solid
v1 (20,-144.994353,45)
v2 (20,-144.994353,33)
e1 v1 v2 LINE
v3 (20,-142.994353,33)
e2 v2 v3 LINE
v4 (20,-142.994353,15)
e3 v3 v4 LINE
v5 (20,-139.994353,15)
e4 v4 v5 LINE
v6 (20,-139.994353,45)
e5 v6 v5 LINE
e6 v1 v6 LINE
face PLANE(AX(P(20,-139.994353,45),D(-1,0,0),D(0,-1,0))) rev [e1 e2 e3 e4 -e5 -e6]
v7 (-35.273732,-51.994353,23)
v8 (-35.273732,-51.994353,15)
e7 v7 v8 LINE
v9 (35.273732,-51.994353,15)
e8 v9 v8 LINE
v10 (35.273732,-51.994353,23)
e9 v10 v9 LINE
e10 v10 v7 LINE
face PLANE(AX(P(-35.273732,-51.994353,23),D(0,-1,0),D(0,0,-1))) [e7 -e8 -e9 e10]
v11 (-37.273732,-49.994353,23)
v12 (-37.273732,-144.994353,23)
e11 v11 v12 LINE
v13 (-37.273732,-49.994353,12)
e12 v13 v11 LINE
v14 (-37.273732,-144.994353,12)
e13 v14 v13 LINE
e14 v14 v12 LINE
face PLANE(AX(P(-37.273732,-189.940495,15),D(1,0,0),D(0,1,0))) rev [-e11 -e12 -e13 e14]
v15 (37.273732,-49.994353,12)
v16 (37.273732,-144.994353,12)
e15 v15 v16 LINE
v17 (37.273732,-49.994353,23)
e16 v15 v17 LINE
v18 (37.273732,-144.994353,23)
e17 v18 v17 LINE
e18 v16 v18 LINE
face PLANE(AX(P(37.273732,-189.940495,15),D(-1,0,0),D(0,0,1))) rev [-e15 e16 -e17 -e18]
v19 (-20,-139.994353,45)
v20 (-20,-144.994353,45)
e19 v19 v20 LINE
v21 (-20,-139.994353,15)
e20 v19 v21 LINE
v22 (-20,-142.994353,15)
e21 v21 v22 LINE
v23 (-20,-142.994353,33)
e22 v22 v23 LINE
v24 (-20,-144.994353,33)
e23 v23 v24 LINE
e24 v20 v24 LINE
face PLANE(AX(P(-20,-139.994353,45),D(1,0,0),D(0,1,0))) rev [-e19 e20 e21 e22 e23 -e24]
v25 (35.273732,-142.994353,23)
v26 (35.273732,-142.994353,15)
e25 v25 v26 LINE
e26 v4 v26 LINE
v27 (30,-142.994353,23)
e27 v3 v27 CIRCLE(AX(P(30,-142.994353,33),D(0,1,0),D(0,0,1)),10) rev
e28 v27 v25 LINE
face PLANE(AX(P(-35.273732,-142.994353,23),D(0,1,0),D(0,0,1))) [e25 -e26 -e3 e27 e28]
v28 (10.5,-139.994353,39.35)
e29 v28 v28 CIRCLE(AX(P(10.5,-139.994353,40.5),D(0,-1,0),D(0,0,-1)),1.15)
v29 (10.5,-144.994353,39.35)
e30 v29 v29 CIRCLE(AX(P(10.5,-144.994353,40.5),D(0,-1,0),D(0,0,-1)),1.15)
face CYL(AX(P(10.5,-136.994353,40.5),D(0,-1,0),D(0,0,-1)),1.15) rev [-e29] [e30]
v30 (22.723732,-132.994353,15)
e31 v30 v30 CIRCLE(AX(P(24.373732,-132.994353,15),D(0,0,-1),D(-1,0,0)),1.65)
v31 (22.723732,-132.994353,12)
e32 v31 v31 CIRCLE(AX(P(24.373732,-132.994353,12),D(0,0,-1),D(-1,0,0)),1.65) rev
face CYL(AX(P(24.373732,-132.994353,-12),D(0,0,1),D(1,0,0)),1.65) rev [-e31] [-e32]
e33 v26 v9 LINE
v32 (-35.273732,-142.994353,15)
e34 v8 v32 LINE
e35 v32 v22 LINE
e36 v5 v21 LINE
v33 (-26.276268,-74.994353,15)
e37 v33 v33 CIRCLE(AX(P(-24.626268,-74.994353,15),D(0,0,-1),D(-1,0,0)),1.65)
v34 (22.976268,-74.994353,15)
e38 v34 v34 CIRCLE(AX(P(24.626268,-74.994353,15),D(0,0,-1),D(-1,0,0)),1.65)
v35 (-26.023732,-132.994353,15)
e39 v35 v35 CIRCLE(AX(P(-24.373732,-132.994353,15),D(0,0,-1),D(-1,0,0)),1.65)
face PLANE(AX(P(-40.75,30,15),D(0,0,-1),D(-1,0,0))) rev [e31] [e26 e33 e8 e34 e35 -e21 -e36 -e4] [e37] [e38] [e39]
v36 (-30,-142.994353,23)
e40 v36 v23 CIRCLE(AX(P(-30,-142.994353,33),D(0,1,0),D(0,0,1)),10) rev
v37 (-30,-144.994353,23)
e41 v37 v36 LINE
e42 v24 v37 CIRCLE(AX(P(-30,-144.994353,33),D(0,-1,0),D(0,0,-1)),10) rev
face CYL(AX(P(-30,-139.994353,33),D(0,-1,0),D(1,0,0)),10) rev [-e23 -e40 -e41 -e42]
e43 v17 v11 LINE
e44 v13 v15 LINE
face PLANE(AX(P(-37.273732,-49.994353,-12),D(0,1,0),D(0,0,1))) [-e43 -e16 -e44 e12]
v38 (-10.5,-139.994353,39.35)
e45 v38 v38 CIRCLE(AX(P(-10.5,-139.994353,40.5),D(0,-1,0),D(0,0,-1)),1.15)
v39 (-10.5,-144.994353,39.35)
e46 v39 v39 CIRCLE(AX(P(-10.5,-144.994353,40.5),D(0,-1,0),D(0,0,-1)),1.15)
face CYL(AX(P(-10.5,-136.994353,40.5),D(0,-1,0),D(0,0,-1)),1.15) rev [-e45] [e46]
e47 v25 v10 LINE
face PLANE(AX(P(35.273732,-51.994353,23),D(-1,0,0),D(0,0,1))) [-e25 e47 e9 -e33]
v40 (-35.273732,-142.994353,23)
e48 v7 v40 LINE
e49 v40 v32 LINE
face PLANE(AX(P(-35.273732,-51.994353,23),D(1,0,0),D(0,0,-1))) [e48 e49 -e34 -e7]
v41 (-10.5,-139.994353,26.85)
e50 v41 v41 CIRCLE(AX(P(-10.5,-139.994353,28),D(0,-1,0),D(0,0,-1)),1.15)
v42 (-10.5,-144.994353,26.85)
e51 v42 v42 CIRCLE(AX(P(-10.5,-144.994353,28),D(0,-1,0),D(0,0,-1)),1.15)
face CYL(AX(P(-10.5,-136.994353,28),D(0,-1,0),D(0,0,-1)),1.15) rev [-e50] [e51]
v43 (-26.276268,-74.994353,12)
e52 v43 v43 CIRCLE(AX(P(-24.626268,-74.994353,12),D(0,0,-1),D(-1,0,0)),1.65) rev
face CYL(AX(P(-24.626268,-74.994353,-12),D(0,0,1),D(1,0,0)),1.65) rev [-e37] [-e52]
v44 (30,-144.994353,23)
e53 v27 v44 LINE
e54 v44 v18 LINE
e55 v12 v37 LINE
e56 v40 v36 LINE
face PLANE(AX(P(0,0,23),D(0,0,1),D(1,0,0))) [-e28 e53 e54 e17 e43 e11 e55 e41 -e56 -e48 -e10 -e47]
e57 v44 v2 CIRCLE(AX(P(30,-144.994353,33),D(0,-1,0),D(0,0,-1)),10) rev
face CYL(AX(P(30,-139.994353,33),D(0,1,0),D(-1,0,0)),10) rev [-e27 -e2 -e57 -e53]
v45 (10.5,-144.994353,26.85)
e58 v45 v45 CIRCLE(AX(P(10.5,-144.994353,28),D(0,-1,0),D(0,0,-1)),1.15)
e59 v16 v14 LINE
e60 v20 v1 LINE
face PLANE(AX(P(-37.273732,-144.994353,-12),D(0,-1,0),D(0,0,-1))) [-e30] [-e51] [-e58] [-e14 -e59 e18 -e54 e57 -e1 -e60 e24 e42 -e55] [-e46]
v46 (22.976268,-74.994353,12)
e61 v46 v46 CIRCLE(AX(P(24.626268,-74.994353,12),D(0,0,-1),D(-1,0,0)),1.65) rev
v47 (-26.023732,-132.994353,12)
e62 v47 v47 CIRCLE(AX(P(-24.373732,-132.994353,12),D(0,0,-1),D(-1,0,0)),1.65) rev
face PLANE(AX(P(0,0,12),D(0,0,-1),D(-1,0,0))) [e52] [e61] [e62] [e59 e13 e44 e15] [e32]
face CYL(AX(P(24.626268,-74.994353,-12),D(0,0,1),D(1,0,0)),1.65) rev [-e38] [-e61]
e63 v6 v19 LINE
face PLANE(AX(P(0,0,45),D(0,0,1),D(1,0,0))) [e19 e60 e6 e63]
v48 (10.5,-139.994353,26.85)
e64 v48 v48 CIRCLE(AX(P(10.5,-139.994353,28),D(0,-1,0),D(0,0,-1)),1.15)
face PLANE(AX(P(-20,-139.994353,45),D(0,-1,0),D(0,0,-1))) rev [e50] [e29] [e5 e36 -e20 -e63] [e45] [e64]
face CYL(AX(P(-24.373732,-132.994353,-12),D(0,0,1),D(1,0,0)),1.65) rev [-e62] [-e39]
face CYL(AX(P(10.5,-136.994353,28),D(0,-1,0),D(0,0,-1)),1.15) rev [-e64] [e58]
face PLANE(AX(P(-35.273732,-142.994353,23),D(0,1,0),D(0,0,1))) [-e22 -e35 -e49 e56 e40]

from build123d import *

# Parameters (mm, degrees)
CROQUIS1_W                  = 30
CROQUIS1_H                  = 30
SALIENTE_EXTRUIR1_DEPTH     = 15
CROQUIS6_R                  = 11.175
CORTAR_EXTRUIR1_DEPTH       = 10
CROQUIS11_W                 = 17.25
CROQUIS11_H                 = 40
SALIENTE_EXTRUIR3_DEPTH     = 12
CORTAR_EXTRUIR2_DEPTH       = 220.794464504
CORTAR_EXTRUIR2_DEPTH_BACK  = 220.794464504
CROQUIS9_R                  = 5
CROQUIS14_W                 = 64.5
CROQUIS14_H                 = 82
SALIENTE_EXTRUIR4_DEPTH     = 40
CORTAR_EXTRUIR3_START       = -10
CROQUIS10_R                 = 11.175
CORTAR_EXTRUIR3_DEPTH       = 10
CORTAR_EXTRUIR5_DEPTH       = 230.716361252
CORTAR_EXTRUIR5_DEPTH_BACK  = 10
CROQUIS13_R                 = 11.175
CORTAR_EXTRUIR6_DEPTH       = 183.220714139
CROQUIS16_W                 = 64.5
CROQUIS16_H                 = 82
CROQUIS16_W_2               = 56
CROQUIS16_H_2               = 77
SALIENTE_EXTRUIR5_DEPTH     = 5
CROQUIS17_W                 = 30
CROQUIS17_H                 = 30
CORTAR_EXTRUIR7_DEPTH       = 218.102899858
CROQUIS19_W                 = 18
CROQUIS19_H                 = 4.5
SALIENTE_EXTRUIR6_DEPTH     = 60
CROQUIS22_W                 = 12
CROQUIS22_H                 = 15
CORTAR_EXTRUIR8_DEPTH       = 2
CROQUIS23_W                 = 3.8
CROQUIS23_H                 = 47
SALIENTE_EXTRUIR8_DEPTH     = 19.8
CROQUIS24_R                 = 8.35
CROQUIS24_R_2               = 1
CROQUIS24_W                 = 4.8
CROQUIS24_H                 = 12
CORTAR_EXTRUIR10_DEPTH      = 241.553879883
CROQUIS25_W                 = 3.8
CROQUIS25_H                 = 47
SALIENTE_EXTRUIR9_DEPTH     = 2
REDONDEO2_R                 = 3
CROQUIS26_W                 = 47
CROQUIS26_H                 = 3.8
SALIENTE_EXTRUIR10_DEPTH    = 21.8
REDONDEO3_R                 = 3
CROQUIS28_R                 = 8.35
CROQUIS28_R_2               = 1
CROQUIS28_W                 = 12
CROQUIS28_H                 = 4.8
CORTAR_EXTRUIR11_DEPTH      = 21.8
CORTAR_EXTRUIR12_DEPTH      = 231.964513782
CORTAR_EXTRUIR12_DEPTH_BACK = 231.964513782
CORTAR_EXTRUIR13_DEPTH      = 218.102899858
CORTAR_EXTRUIR13_DEPTH_BACK = 218.102899858
CROQUIS29_R                 = 1.65
CORTAR_EXTRUIR14_DEPTH      = 221.700405815
CORTAR_EXTRUIR14_DEPTH_BACK = 8
CROQUIS32_R                 = 5.15
CROQUIS34_W                 = 22.273731586
CROQUIS34_H                 = 49.346142378
SALIENTE_EXTRUIR11_DEPTH    = 12
CORTAR_EXTRUIR17_DEPTH      = 233.924926242
CORTAR_EXTRUIR17_DEPTH_BACK = 233.924926242
CORTAR_EXTRUIR18_DEPTH      = 233.924926242
CORTAR_EXTRUIR18_DEPTH_BACK = 233.924926242
CORTAR_EXTRUIR19_DEPTH      = 225.26027095
CORTAR_EXTRUIR19_DEPTH_BACK = 225.26027095
CROQUIS38_R                 = 1.3
CORTAR_EXTRUIR20_START      = -8.5
CROQUIS39_W                 = 74.547463172
CROQUIS39_H                 = 11
CORTAR_EXTRUIR20_DEPTH      = 8.5
CROQUIS40_W                 = 17
CROQUIS40_H                 = 22
SALIENTE_EXTRUIR12_DEPTH    = 15
CROQUIS41_R                 = 1.3
CORTAR_EXTRUIR25_DEPTH      = 15
CROQUIS42_W                 = 12.6
CROQUIS42_H                 = 7
CORTAR_EXTRUIR26_DEPTH      = 7.1
CROQUIS43_W                 = 12.6
CROQUIS43_H                 = 10
CORTAR_EXTRUIR27_DEPTH      = 12.1
CORTAR_EXTRUIR28_DEPTH      = 218.102899858
CORTAR_EXTRUIR28_DEPTH_BACK = 218.102899858
CROQUIS44_W                 = 157.170171999
CROQUIS44_H                 = 272.215906008
CROQUIS44_W_2               = 74.547463172
CROQUIS44_H_2               = 95
CORTAR_EXTRUIR29_DEPTH      = 151.45827812
CORTAR_EXTRUIR29_DEPTH_BACK = 12
CROQUIS45_W                 = 74.547463172
CROQUIS45_H                 = 95
CROQUIS46_W                 = 40
CROQUIS46_H                 = 5
SALIENTE_EXTRUIR13_DEPTH    = 30
CROQUIS47_W                 = 74.547463172
CROQUIS47_H                 = 95
CROQUIS47_W_2               = 70.547463172
CROQUIS47_H_2               = 91
SALIENTE_EXTRUIR14_DEPTH    = 8
REDONDEO4_R                 = 10
CROQUIS49_R                 = 1.15
CORTAR_EXTRUIR30_DEPTH      = 8


with BuildPart() as part:
    # Croquis1 → Saliente-Extruir1 (new body)
    with BuildSketch(Plane.XY):
        with BuildLine():
            Line((-55.75, 30), (-32.25, 30))
            Line((-32.25, 30), (-32.25, -30))
            Line((-32.25, -30), (-55, -34.220247666))
            Line((-55, -34.220247666), (-55, -125.720247666))
            Line((-55, -125.720247666), (-37.273731586, -140.594352954))
            Line((-37.273731586, -140.594352954), (-37.273731586, -189.940495332))
            Line((-37.273731586, -189.940495332), (-55.75, -189.940495332))
            ThreePointArc((-55.75, -189.940495332), (-51.356645257, -200.54705351), (-40.750123148, -204.940495332))
            Line((-40.750123148, -204.940495332), (0, -204.940495332))
            Line((0, -204.940495332), (40.75, -204.940495332))
            ThreePointArc((40.75, -204.940495332), (51.356601718, -200.547097049), (55.75, -189.940495332))
            Line((55.75, -189.940495332), (37.273731586, -189.940495332))
            Line((37.273731586, -189.940495332), (37.273731586, -140.594352954))
            Line((37.273731586, -140.594352954), (55, -125.720247666))
            Line((55, -125.720247666), (55, -34.220247666))
            Line((55, -34.220247666), (32.25, -30))
            Line((32.25, -30), (32.25, 30))
            Line((32.25, 30), (55.75, 30))
            ThreePointArc((55.75, 30), (51.356601718, 40.606601718), (40.75, 45))
            Line((40.75, 45), (0, 45))
            Line((0, 45), (-40.750123148, 45))
            ThreePointArc((-40.750123148, 45), (-51.356645257, 40.606558178), (-55.75, 30))
        make_face()
        Rectangle(CROQUIS1_W, CROQUIS1_H, mode=Mode.SUBTRACT)
    extrude(amount=SALIENTE_EXTRUIR1_DEPTH)

    # Croquis6 → Cortar-Extruir1 (cut)
    with BuildSketch(Plane.ZY.offset(32.25)):
        with Locations((3, 0)):
            Circle(CROQUIS6_R)
    extrude(amount=-CORTAR_EXTRUIR1_DEPTH, mode=Mode.SUBTRACT)

    # Croquis11 → Saliente-Extruir3 (add)
    with BuildSketch(Plane(origin=(0, 0, 0), x_dir=(-1, 0, 0), z_dir=(0, 0, -1))):
        with Locations((23.625, 0)):
            Rectangle(CROQUIS11_W, CROQUIS11_H)
        with Locations((-23.625, 0)):
            Rectangle(CROQUIS11_W, CROQUIS11_H)
    extrude(amount=SALIENTE_EXTRUIR3_DEPTH)

    # Croquis9 → Cortar-Extruir2 (cut, two sides: drawn at the far end of the back side and taken through both)
    with BuildSketch(Plane.ZY.offset(22.25).offset(-CORTAR_EXTRUIR2_DEPTH_BACK)):
        with Locations(Location((3, 0, 0), (0, 0, 233.130102354))):
            Circle(CROQUIS9_R)
    extrude(amount=CORTAR_EXTRUIR2_DEPTH + CORTAR_EXTRUIR2_DEPTH_BACK, mode=Mode.SUBTRACT)

    # Croquis14 → Saliente-Extruir4 (add)
    with BuildSketch(Plane.XY.offset(15)):
        with Locations((0, 0.593167368)):
            Rectangle(CROQUIS14_W, CROQUIS14_H)
    extrude(amount=SALIENTE_EXTRUIR4_DEPTH)

    # Croquis10 → Cortar-Extruir3 (cut)
    with BuildSketch(Plane(origin=(32.25, 0, 0), x_dir=(0, 0, -1), z_dir=(1, 0, 0)).offset(CORTAR_EXTRUIR3_START)):
        with Locations((-3, 0)):
            Circle(CROQUIS10_R)
    extrude(amount=CORTAR_EXTRUIR3_DEPTH, mode=Mode.SUBTRACT)

    # Croquis13 → Cortar-Extruir5 (cut, two sides: drawn at the far end of the back side and taken through both)
    with BuildSketch(Plane.ZY.offset(32.25).offset(-CORTAR_EXTRUIR5_DEPTH_BACK)):
        with Locations((3, 0)):
            Circle(CROQUIS13_R)
    extrude(amount=CORTAR_EXTRUIR5_DEPTH + CORTAR_EXTRUIR5_DEPTH_BACK, mode=Mode.SUBTRACT)

    # Croquis15 → Cortar-Extruir6 (cut, through all)
    with BuildSketch(Plane.XZ.offset(40.406832632)):
        with BuildLine():
            Line((-22.25, 15), (-22.25, 35))
            ThreePointArc((-22.25, 35), (-19.321067812, 42.071067812), (-12.25, 45))
            Line((-12.25, 45), (12.25, 45))
            ThreePointArc((12.25, 45), (19.321067812, 42.071067812), (22.25, 35))
            Line((22.25, 35), (22.25, 15))
            Line((22.25, 15), (-22.25, 15))
        make_face()
    extrude(amount=-CORTAR_EXTRUIR6_DEPTH, mode=Mode.SUBTRACT)

    # Croquis16 → Saliente-Extruir5 (add)
    with BuildSketch(Plane.XY.offset(55)):
        with Locations((0, 0.593167368)):
            Rectangle(CROQUIS16_W, CROQUIS16_H)
        Rectangle(CROQUIS16_W_2, CROQUIS16_H_2, mode=Mode.SUBTRACT)
    extrude(amount=SALIENTE_EXTRUIR5_DEPTH)

    # Croquis17 → Cortar-Extruir7 (cut, through all)
    with BuildSketch(Plane.XY.offset(15)):
        with Locations((0, 30)):
            Rectangle(CROQUIS17_W, CROQUIS17_H)
    extrude(amount=-CORTAR_EXTRUIR7_DEPTH, mode=Mode.SUBTRACT)

    # Croquis19 → Saliente-Extruir6 (add)
    with BuildSketch(Plane(origin=(0, -15, 0), x_dir=(1, 0, 0), z_dir=(0, 1, 0))):
        with Locations((6, -12.75)):
            Rectangle(CROQUIS19_W, CROQUIS19_H)
    extrude(amount=SALIENTE_EXTRUIR6_DEPTH)

    # Croquis22 → Cortar-Extruir8 (cut)
    with BuildSketch(Plane(origin=(0, -15, 0), x_dir=(1, 0, 0), z_dir=(0, 1, 0))):
        with Locations((-9, -7.5)):
            Rectangle(CROQUIS22_W, CROQUIS22_H)
    extrude(amount=-CORTAR_EXTRUIR8_DEPTH, mode=Mode.SUBTRACT)

    # Croquis23 → Saliente-Extruir8 (add)
    with BuildSketch(Plane.XY.offset(15)):
        with Locations((53.1, -79.970247666)):
            Rectangle(CROQUIS23_W, CROQUIS23_H)
        with Locations((-53.1, -79.970247666)):
            Rectangle(CROQUIS23_W, CROQUIS23_H)
    extrude(amount=SALIENTE_EXTRUIR8_DEPTH)

    # Croquis24 → Cortar-Extruir10 (cut, through all)
    with BuildSketch(Plane(origin=(55, 0, 0), x_dir=(0, 0, -1), z_dir=(1, 0, 0))):
        with Locations((-25.3, -66.970247666)):
            Circle(CROQUIS24_R)
        with Locations((-25.3, -92.970247666)):
            Circle(CROQUIS24_R)
        with Locations((-16.3, -101.270247666)):
            Circle(CROQUIS24_R_2)
        with Locations((-33.7, -58.370247666)):
            Circle(CROQUIS24_R_2)
        with Locations((-16.1, -58.370247666)):
            Circle(CROQUIS24_R_2)
        with Locations((-33.5, -101.270247666)):
            Circle(CROQUIS24_R_2)
        with Locations((-17.7, -79.970247666)):
            Rectangle(CROQUIS24_W, CROQUIS24_H)
    extrude(amount=-CORTAR_EXTRUIR10_DEPTH, mode=Mode.SUBTRACT)

    # Croquis25 → Saliente-Extruir9 (add)
    with BuildSketch(Plane.XY.offset(34.8)):
        with Locations((-53.1, -79.970247666)):
            Rectangle(CROQUIS25_W, CROQUIS25_H)
        with Locations((53.1, -79.970247666)):
            Rectangle(CROQUIS25_W, CROQUIS25_H)
    extrude(amount=SALIENTE_EXTRUIR9_DEPTH)

    # Redondeo2
    redondeo2_edges = [part.edges().sort_by_distance(p)[0] for p in [
        (-53.1, -103.470247666, 36.8),
        (-53.1, -56.470247666, 36.8),
        (53.1, -103.470247666, 36.8),
        (53.1, -56.470247666, 36.8),
    ]]
    fillet(redondeo2_edges, radius=REDONDEO2_R)

    # Croquis26 → Saliente-Extruir10 (add)
    with BuildSketch(Plane.XY.offset(15)):
        with Locations((-6.1574e-05, -203.040495332)):
            Rectangle(CROQUIS26_W, CROQUIS26_H)
    extrude(amount=SALIENTE_EXTRUIR10_DEPTH)

    # Redondeo3
    redondeo3_edges = [part.edges().sort_by_distance(p)[0] for p in [
        (-23.500061574, -203.040495332, 36.8),
        (23.499938426, -203.040495332, 36.8),
    ]]
    fillet(redondeo3_edges, radius=REDONDEO3_R)

    # Croquis28 → Cortar-Extruir11 (cut)
    with BuildSketch(Plane.XZ.offset(204.940495332)):
        with Locations(Location((-13, 25.3, 0), (0, 0, 270))):
            Circle(CROQUIS28_R)
        with Locations(Location((13, 25.3, 0), (0, 0, 270))):
            Circle(CROQUIS28_R)
        with Locations(Location((-21.300061574, 16.3, 0), (0, 0, 270))):
            Circle(CROQUIS28_R_2)
        with Locations(Location((21.599938426, 33.7, 0), (0, 0, 270))):
            Circle(CROQUIS28_R_2)
        with Locations(Location((21.300061574, 16.3, 0), (0, 0, 270))):
            Circle(CROQUIS28_R_2)
        with Locations(Location((-21.599938426, 33.7, 0), (0, 0, 270))):
            Circle(CROQUIS28_R_2)
        with Locations((0, 17.7)):
            Rectangle(CROQUIS28_W, CROQUIS28_H)
    extrude(amount=-CORTAR_EXTRUIR11_DEPTH, mode=Mode.SUBTRACT)

    # Croquis12 → Cortar-Extruir12 (cut, two sides: drawn at the far end of the back side and taken through both)
    with BuildSketch(Plane(origin=(32.25, 0, 0), x_dir=(0, 0, -1), z_dir=(1, 0, 0)).offset(-CORTAR_EXTRUIR12_DEPTH_BACK)):
        with BuildLine():
            Line((0, 20), (12, 20))
            Line((12, 20), (12, 5))
            ThreePointArc((12, 5), (8.630857945, 14.604686356), (0, 20))
        make_face()
        with BuildLine():
            Line((12, -20), (12, -5))
            ThreePointArc((12, -5), (8.630857945, -14.604686356), (0, -20))
            Line((0, -20), (12, -20))
        make_face()
    extrude(amount=CORTAR_EXTRUIR12_DEPTH + CORTAR_EXTRUIR12_DEPTH_BACK, mode=Mode.SUBTRACT)

    # Croquis29 → Cortar-Extruir13 (cut, two sides: drawn at the far end of the back side and taken through both)
    with BuildSketch(Plane.XY.offset(15).offset(-CORTAR_EXTRUIR13_DEPTH_BACK)):
        with Locations(Location((-24.373731586, -132.994352954, 0), (0, 0, 180))):
            Circle(CROQUIS29_R)
        with Locations(Location((24.626268414, -74.994352954, 0), (0, 0, 180))):
            Circle(CROQUIS29_R)
        with Locations(Location((-24.626268414, -74.994352954, 0), (0, 0, 180))):
            Circle(CROQUIS29_R)
        with Locations(Location((24.373731586, -132.994352954, 0), (0, 0, 180))):
            Circle(CROQUIS29_R)
    extrude(amount=CORTAR_EXTRUIR13_DEPTH + CORTAR_EXTRUIR13_DEPTH_BACK, mode=Mode.SUBTRACT)

    # Croquis32 → Cortar-Extruir14 (cut, two sides: drawn at the far end of the back side and taken through both)
    with BuildSketch(Plane(origin=(0, 0, 0), x_dir=(-1, 0, 0), z_dir=(0, 0, -1)).offset(-CORTAR_EXTRUIR14_DEPTH_BACK)):
        with Locations(Location((-24.626268414, -74.994352954, 0), (0, 0, 180))):
            Circle(CROQUIS32_R)
        with Locations(Location((-24.373731586, -132.994352954, 0), (0, 0, 180))):
            Circle(CROQUIS32_R)
        with Locations(Location((24.373731586, -132.994352954, 0), (0, 0, 180))):
            Circle(CROQUIS32_R)
        with Locations(Location((24.626268414, -74.994352954, 0), (0, 0, 180))):
            Circle(CROQUIS32_R)
    extrude(amount=CORTAR_EXTRUIR14_DEPTH + CORTAR_EXTRUIR14_DEPTH_BACK, mode=Mode.SUBTRACT)

    # Croquis34 → Saliente-Extruir11 (add)
    with BuildSketch(Plane(origin=(0, 0, 0), x_dir=(-1, 0, 0), z_dir=(0, 0, -1))):
        with Locations((-26.136865793, -165.267424143)):
            Rectangle(CROQUIS34_W, CROQUIS34_H)
        with Locations((26.136865793, -165.267424143)):
            Rectangle(CROQUIS34_W, CROQUIS34_H)
    extrude(amount=SALIENTE_EXTRUIR11_DEPTH)

    # Croquis35 → Cortar-Extruir17 (cut, two sides: drawn at the far end of the back side and taken through both)
    with BuildSketch(Plane(origin=(37.273731586, 0, 0), x_dir=(0, 0, -1), z_dir=(1, 0, 0)).offset(-CORTAR_EXTRUIR17_DEPTH_BACK)):
        with BuildLine():
            Line((0, -140.594352954), (12, -140.594352954))
            Line((12, -140.594352954), (12, -148.594352954))
            ThreePointArc((12, -148.594352954), (6.568730644, -143.741256988), (0, -140.594352954))
        make_face()
        with BuildLine():
            Line((0, -189.940495332), (12, -189.940495332))
            Line((12, -189.940495332), (12, -181.940495332))
            ThreePointArc((12, -181.940495332), (6.568730644, -186.793591298), (0, -189.940495332))
        make_face()
    extrude(amount=CORTAR_EXTRUIR17_DEPTH + CORTAR_EXTRUIR17_DEPTH_BACK, mode=Mode.SUBTRACT)

    # Croquis37 → Cortar-Extruir18 (cut, two sides: drawn at the far end of the back side and taken through both)
    with BuildSketch(Plane.ZY.offset(37.273731586).offset(-CORTAR_EXTRUIR18_DEPTH_BACK)):
        with BuildLine():
            Line((-4.5, -155.267424143), (10.5, -155.267424143))
            Line((10.5, -155.267424143), (10.5, -181.267424143))
            ThreePointArc((10.5, -181.267424143), (9.328427125, -184.095851268), (6.5, -185.267424143))
            Line((6.5, -185.267424143), (-0.5, -185.267424143))
            ThreePointArc((-0.5, -185.267424143), (-3.328427125, -184.095851268), (-4.5, -181.267424143))
            Line((-4.5, -181.267424143), (-4.5, -155.267424143))
        make_face()
    extrude(amount=CORTAR_EXTRUIR18_DEPTH + CORTAR_EXTRUIR18_DEPTH_BACK, mode=Mode.SUBTRACT)

    # Croquis38 → Cortar-Extruir19 (cut, two sides: drawn at the far end of the back side and taken through both)
    with BuildSketch(Plane(origin=(0, 0, -12), x_dir=(-1, 0, 0), z_dir=(0, 0, -1)).offset(-CORTAR_EXTRUIR19_DEPTH_BACK)):
        with Locations((-26.136865793, -165.267424143)):
            Circle(CROQUIS38_R)
        with Locations((26.136865793, -165.267424143)):
            Circle(CROQUIS38_R)
    extrude(amount=CORTAR_EXTRUIR19_DEPTH + CORTAR_EXTRUIR19_DEPTH_BACK, mode=Mode.SUBTRACT)

    # Croquis39 → Cortar-Extruir20 (cut)
    with BuildSketch(Plane.XY.offset(15).offset(CORTAR_EXTRUIR20_START)):
        with Locations((0, -179.767424143)):
            Rectangle(CROQUIS39_W, CROQUIS39_H)
    extrude(amount=CORTAR_EXTRUIR20_DEPTH, mode=Mode.SUBTRACT)

    # Croquis40 → Saliente-Extruir12 (add)
    with BuildSketch(Plane.XY.offset(15)):
        with Locations((0, -163.267424143)):
            Rectangle(CROQUIS40_W, CROQUIS40_H)
    extrude(amount=SALIENTE_EXTRUIR12_DEPTH)

    # Croquis41 → Cortar-Extruir25 (cut)
    with BuildSketch(Plane.XY.offset(30)):
        with Locations((0, -153.767424143)):
            Circle(CROQUIS41_R)
    extrude(amount=-CORTAR_EXTRUIR25_DEPTH, mode=Mode.SUBTRACT)

    # Croquis42 → Cortar-Extruir26 (cut)
    with BuildSketch(Plane.XY.offset(30)):
        with Locations((0, -160.767424143)):
            Rectangle(CROQUIS42_W, CROQUIS42_H)
    extrude(amount=-CORTAR_EXTRUIR26_DEPTH, mode=Mode.SUBTRACT)

    # Croquis43 → Cortar-Extruir27 (cut)
    with BuildSketch(Plane.XY.offset(30)):
        with Locations((0, -169.267424143)):
            Rectangle(CROQUIS43_W, CROQUIS43_H)
    extrude(amount=-CORTAR_EXTRUIR27_DEPTH, mode=Mode.SUBTRACT)

    # Croquis44 → Cortar-Extruir28 (cut, two sides: drawn at the far end of the back side and taken through both)
    with BuildSketch(Plane.XY.offset(15).offset(-CORTAR_EXTRUIR28_DEPTH_BACK)):
        with Locations((3.185881864, -79.262273918)):
            Rectangle(CROQUIS44_W, CROQUIS44_H)
        with Locations((0, -97.494352954)):
            Rectangle(CROQUIS44_W_2, CROQUIS44_H_2, mode=Mode.SUBTRACT)
    extrude(amount=CORTAR_EXTRUIR28_DEPTH + CORTAR_EXTRUIR28_DEPTH_BACK, mode=Mode.SUBTRACT)

    # Croquis45 → Cortar-Extruir29 (cut, two sides: drawn at the far end of the back side and taken through both)
    with BuildSketch(Plane(origin=(0, 0, 0), x_dir=(-1, 0, 0), z_dir=(0, 0, -1)).offset(-CORTAR_EXTRUIR29_DEPTH_BACK)):
        with Locations((0, -97.494352954)):
            Rectangle(CROQUIS45_W, CROQUIS45_H)
    extrude(amount=CORTAR_EXTRUIR29_DEPTH + CORTAR_EXTRUIR29_DEPTH_BACK, mode=Mode.SUBTRACT)

    # Croquis46 → Saliente-Extruir13 (add)
    with BuildSketch(Plane.XY.offset(15)):
        with Locations((0, -142.494352954)):
            Rectangle(CROQUIS46_W, CROQUIS46_H)
    extrude(amount=SALIENTE_EXTRUIR13_DEPTH)

    # Croquis47 → Saliente-Extruir14 (add)
    with BuildSketch(Plane.XY.offset(15)):
        with Locations((0, -97.494352954)):
            Rectangle(CROQUIS47_W, CROQUIS47_H)
        with Locations((0, -97.494352954)):
            Rectangle(CROQUIS47_W_2, CROQUIS47_H_2, mode=Mode.SUBTRACT)
    extrude(amount=SALIENTE_EXTRUIR14_DEPTH)

    # Redondeo4
    redondeo4_edges = [part.edges().sort_by_distance(p)[0] for p in [
        (20, -143.994352954, 23),
        (-20, -143.994352954, 23),
    ]]
    fillet(redondeo4_edges, radius=REDONDEO4_R)

    # Croquis49 → Cortar-Extruir30 (cut)
    with BuildSketch(Plane.XZ.offset(144.994352954)):
        with Locations(Location((-10.5, 40.5, 0), (0, 0, 270))):
            Circle(CROQUIS49_R)
        with Locations(Location((10.5, 40.5, 0), (0, 0, 270))):
            Circle(CROQUIS49_R)
        with Locations(Location((-10.5, 28, 0), (0, 0, 270))):
            Circle(CROQUIS49_R)
        with Locations(Location((10.5, 28, 0), (0, 0, 270))):
            Circle(CROQUIS49_R)
    extrude(amount=-CORTAR_EXTRUIR30_DEPTH, mode=Mode.SUBTRACT)


solid = part.part
